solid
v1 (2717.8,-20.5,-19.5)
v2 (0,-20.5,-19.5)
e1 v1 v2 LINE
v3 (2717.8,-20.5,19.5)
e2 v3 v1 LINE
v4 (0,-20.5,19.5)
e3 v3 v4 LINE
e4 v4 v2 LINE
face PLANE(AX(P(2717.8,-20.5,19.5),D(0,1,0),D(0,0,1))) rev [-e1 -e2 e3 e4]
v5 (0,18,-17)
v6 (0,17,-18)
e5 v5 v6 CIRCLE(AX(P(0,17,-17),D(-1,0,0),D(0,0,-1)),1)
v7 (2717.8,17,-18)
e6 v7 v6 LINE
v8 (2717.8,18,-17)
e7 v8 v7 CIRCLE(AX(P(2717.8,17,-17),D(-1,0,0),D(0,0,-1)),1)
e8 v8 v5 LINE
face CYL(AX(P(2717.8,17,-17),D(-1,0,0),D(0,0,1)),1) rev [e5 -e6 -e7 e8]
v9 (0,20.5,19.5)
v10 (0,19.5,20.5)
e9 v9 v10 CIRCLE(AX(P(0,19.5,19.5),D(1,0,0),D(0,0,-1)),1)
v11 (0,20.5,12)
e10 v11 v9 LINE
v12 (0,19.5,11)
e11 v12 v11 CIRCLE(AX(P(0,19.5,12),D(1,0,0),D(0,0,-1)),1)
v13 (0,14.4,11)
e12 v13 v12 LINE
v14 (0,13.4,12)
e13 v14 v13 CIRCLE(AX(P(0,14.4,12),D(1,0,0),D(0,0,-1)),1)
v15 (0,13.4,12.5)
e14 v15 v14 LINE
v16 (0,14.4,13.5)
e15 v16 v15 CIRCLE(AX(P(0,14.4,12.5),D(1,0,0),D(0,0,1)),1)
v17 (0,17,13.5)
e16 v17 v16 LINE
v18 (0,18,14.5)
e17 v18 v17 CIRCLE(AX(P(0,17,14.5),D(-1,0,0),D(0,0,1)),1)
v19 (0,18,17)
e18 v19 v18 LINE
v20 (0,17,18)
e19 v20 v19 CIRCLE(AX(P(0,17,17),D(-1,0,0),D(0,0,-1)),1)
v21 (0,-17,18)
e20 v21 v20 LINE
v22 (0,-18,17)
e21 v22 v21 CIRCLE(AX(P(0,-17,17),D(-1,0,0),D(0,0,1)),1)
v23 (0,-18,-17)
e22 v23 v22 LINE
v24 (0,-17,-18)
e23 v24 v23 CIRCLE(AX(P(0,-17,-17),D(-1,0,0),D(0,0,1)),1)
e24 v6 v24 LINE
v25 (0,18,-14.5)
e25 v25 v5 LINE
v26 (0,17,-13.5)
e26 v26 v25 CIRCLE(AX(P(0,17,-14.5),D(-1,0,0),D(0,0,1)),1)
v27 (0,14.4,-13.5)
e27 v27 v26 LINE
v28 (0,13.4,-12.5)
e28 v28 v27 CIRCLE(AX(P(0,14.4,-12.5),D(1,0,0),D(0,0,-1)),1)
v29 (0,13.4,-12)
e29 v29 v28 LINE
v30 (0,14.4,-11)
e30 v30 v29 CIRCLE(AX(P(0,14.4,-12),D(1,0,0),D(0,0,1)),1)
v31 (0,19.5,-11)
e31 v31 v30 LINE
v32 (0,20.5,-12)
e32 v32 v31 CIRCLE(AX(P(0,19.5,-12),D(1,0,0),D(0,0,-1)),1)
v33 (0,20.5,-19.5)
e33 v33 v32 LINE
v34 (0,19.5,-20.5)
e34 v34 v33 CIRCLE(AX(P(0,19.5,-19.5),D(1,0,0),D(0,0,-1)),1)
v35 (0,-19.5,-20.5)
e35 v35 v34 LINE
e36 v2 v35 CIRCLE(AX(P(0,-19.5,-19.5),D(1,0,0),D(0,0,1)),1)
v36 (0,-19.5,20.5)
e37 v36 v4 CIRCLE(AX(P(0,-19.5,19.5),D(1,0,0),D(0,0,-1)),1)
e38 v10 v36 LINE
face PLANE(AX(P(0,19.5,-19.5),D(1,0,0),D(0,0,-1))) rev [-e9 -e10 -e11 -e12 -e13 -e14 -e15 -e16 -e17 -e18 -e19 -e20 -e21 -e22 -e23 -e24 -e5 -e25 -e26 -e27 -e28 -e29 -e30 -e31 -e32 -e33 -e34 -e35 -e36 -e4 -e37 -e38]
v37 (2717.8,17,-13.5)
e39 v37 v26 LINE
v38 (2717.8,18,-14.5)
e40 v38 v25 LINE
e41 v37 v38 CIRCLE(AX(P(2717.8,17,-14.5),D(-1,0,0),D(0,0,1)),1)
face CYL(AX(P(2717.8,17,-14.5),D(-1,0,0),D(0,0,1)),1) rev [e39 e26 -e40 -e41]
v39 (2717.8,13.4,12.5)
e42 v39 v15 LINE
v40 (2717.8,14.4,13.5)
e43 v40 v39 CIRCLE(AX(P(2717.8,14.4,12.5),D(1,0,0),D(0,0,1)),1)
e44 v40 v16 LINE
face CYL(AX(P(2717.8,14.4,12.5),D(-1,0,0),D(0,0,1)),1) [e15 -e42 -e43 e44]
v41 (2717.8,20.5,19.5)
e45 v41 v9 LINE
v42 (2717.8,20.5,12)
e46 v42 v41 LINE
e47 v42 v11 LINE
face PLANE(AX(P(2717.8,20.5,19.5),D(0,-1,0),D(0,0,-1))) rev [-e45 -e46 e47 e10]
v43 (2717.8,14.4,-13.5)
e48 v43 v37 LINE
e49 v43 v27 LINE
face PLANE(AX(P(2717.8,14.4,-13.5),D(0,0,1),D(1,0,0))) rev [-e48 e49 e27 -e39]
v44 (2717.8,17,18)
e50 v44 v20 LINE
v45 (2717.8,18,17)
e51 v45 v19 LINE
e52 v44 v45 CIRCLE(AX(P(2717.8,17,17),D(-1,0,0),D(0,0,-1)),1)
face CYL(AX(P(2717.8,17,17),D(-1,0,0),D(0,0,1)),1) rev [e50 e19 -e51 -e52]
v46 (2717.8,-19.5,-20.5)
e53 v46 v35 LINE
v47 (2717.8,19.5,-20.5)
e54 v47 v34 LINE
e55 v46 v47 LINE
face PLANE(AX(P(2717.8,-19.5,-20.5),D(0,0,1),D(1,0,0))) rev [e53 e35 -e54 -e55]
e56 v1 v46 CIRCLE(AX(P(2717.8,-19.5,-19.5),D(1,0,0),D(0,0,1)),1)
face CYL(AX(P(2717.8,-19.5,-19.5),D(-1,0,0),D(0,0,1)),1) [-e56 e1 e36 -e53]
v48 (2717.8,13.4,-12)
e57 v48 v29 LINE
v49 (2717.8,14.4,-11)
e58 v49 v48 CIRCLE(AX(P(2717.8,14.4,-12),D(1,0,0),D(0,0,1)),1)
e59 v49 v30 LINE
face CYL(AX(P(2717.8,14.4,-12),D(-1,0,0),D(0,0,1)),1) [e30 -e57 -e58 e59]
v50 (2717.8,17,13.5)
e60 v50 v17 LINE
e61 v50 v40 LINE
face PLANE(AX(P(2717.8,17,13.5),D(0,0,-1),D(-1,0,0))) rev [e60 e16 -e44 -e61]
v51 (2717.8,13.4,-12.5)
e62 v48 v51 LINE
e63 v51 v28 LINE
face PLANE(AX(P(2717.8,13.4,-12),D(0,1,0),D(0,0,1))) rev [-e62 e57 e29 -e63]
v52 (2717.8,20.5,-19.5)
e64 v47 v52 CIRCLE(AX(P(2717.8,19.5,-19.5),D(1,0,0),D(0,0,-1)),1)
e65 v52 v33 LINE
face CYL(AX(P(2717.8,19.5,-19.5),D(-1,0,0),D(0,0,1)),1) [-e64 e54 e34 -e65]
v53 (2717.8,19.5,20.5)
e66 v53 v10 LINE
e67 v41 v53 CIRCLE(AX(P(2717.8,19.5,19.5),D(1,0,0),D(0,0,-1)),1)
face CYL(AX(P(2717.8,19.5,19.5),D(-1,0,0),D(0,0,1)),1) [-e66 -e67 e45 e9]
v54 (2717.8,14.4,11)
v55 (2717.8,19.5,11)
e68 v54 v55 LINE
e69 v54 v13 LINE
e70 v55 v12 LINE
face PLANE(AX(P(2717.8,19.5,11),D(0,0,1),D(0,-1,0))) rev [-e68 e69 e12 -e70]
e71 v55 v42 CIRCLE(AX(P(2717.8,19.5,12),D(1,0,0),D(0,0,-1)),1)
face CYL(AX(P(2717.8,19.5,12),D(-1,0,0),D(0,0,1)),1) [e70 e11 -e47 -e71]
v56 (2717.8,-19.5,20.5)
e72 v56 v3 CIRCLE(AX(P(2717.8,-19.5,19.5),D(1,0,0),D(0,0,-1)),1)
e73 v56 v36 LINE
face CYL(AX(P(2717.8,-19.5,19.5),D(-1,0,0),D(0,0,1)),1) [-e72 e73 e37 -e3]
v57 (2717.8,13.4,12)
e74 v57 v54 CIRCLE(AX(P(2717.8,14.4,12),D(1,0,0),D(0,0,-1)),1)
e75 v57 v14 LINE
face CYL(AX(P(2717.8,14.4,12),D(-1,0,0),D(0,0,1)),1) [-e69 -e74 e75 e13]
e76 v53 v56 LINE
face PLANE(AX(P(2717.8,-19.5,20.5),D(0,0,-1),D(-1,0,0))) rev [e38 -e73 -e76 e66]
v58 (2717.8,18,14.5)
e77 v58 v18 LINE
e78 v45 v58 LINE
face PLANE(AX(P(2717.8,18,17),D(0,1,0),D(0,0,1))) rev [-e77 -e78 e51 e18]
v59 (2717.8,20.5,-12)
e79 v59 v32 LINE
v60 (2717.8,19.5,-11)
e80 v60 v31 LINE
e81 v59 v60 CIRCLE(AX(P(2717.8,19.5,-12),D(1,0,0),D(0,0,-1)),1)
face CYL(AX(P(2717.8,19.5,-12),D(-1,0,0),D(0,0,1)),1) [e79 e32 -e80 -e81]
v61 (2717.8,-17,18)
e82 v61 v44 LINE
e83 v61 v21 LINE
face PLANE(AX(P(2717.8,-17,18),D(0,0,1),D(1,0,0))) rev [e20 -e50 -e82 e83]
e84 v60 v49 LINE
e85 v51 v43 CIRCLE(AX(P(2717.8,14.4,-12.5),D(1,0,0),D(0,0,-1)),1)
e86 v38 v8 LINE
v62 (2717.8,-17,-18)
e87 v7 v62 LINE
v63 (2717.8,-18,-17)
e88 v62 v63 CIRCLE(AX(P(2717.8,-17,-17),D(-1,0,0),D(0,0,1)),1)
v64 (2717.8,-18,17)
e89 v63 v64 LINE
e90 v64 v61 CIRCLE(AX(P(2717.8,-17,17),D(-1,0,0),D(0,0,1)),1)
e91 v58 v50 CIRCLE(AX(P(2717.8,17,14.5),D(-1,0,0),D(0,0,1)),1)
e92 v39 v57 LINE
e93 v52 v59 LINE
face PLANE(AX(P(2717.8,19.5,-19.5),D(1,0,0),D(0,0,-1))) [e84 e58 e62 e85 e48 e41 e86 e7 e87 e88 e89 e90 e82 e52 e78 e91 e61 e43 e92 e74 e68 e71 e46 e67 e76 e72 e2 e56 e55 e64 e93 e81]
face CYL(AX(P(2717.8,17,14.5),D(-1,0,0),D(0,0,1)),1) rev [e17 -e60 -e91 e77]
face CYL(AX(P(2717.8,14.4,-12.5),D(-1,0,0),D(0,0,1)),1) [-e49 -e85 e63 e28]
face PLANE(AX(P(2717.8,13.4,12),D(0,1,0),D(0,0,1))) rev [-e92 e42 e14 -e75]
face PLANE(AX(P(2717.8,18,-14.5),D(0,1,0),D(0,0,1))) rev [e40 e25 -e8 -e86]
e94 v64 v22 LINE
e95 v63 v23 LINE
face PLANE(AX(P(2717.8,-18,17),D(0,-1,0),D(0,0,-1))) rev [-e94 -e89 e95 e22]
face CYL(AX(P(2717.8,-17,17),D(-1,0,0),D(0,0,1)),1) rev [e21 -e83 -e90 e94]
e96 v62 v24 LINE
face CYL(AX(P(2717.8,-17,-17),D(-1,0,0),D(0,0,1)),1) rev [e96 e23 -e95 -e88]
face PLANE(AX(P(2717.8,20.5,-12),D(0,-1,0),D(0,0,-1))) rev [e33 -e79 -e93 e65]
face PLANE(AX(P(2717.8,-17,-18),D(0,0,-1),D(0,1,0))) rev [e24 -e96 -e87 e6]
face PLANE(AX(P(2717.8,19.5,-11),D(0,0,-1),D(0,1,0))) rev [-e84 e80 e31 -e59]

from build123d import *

# Parameters (mm, degrees)
BOSS_EXTRUDE1_DEPTH = 2717.8


with BuildPart() as part:
    # Sketch1 → Boss-Extrude1 (new body)
    with BuildSketch(Plane(origin=(0, 0, 0), x_dir=(0, 0, -1), z_dir=(1, 0, 0))):
        with BuildLine():
            Line((-18, -17), (-18, 17))
            ThreePointArc((-18, 17), (-17.707106781, 17.707106781), (-17, 18))
            Line((-17, 18), (-14.5, 18))
            ThreePointArc((-14.5, 18), (-13.792893219, 17.707106781), (-13.5, 17))
            Line((-13.5, 17), (-13.5, 14.4))
            ThreePointArc((-13.5, 14.4), (-13.207106781, 13.692893219), (-12.5, 13.4))
            Line((-12.5, 13.4), (-12, 13.4))
            ThreePointArc((-12, 13.4), (-11.292893219, 13.692893219), (-11, 14.4))
            Line((-11, 14.4), (-11, 19.5))
            ThreePointArc((-11, 19.5), (-11.292893219, 20.207106781), (-12, 20.5))
            Line((-12, 20.5), (-19.5, 20.5))
            ThreePointArc((-19.5, 20.5), (-20.207106781, 20.207106781), (-20.5, 19.5))
            Line((-20.5, 19.5), (-20.5, -19.5))
            ThreePointArc((-20.5, -19.5), (-20.207106781, -20.207106781), (-19.5, -20.5))
            Line((-19.5, -20.5), (19.5, -20.5))
            ThreePointArc((19.5, -20.5), (20.207106781, -20.207106781), (20.5, -19.5))
            Line((20.5, -19.5), (20.5, 19.5))
            ThreePointArc((20.5, 19.5), (20.207106781, 20.207106781), (19.5, 20.5))
            Line((19.5, 20.5), (12, 20.5))
            ThreePointArc((12, 20.5), (11.292893219, 20.207106781), (11, 19.5))
            Line((11, 19.5), (11, 14.4))
            ThreePointArc((11, 14.4), (11.292893219, 13.692893219), (12, 13.4))
            Line((12, 13.4), (12.5, 13.4))
            ThreePointArc((12.5, 13.4), (13.207106781, 13.692893219), (13.5, 14.4))
            Line((13.5, 14.4), (13.5, 17))
            ThreePointArc((13.5, 17), (13.792893219, 17.707106781), (14.5, 18))
            Line((14.5, 18), (17, 18))
            ThreePointArc((17, 18), (17.707106781, 17.707106781), (18, 17))
            Line((18, 17), (18, -17))
            ThreePointArc((18, -17), (17.707106781, -17.707106781), (17, -18))
            Line((17, -18), (-17, -18))
            ThreePointArc((-17, -18), (-17.707106781, -17.707106781), (-18, -17))
        make_face()
    extrude(amount=BOSS_EXTRUDE1_DEPTH)


solid = part.part
